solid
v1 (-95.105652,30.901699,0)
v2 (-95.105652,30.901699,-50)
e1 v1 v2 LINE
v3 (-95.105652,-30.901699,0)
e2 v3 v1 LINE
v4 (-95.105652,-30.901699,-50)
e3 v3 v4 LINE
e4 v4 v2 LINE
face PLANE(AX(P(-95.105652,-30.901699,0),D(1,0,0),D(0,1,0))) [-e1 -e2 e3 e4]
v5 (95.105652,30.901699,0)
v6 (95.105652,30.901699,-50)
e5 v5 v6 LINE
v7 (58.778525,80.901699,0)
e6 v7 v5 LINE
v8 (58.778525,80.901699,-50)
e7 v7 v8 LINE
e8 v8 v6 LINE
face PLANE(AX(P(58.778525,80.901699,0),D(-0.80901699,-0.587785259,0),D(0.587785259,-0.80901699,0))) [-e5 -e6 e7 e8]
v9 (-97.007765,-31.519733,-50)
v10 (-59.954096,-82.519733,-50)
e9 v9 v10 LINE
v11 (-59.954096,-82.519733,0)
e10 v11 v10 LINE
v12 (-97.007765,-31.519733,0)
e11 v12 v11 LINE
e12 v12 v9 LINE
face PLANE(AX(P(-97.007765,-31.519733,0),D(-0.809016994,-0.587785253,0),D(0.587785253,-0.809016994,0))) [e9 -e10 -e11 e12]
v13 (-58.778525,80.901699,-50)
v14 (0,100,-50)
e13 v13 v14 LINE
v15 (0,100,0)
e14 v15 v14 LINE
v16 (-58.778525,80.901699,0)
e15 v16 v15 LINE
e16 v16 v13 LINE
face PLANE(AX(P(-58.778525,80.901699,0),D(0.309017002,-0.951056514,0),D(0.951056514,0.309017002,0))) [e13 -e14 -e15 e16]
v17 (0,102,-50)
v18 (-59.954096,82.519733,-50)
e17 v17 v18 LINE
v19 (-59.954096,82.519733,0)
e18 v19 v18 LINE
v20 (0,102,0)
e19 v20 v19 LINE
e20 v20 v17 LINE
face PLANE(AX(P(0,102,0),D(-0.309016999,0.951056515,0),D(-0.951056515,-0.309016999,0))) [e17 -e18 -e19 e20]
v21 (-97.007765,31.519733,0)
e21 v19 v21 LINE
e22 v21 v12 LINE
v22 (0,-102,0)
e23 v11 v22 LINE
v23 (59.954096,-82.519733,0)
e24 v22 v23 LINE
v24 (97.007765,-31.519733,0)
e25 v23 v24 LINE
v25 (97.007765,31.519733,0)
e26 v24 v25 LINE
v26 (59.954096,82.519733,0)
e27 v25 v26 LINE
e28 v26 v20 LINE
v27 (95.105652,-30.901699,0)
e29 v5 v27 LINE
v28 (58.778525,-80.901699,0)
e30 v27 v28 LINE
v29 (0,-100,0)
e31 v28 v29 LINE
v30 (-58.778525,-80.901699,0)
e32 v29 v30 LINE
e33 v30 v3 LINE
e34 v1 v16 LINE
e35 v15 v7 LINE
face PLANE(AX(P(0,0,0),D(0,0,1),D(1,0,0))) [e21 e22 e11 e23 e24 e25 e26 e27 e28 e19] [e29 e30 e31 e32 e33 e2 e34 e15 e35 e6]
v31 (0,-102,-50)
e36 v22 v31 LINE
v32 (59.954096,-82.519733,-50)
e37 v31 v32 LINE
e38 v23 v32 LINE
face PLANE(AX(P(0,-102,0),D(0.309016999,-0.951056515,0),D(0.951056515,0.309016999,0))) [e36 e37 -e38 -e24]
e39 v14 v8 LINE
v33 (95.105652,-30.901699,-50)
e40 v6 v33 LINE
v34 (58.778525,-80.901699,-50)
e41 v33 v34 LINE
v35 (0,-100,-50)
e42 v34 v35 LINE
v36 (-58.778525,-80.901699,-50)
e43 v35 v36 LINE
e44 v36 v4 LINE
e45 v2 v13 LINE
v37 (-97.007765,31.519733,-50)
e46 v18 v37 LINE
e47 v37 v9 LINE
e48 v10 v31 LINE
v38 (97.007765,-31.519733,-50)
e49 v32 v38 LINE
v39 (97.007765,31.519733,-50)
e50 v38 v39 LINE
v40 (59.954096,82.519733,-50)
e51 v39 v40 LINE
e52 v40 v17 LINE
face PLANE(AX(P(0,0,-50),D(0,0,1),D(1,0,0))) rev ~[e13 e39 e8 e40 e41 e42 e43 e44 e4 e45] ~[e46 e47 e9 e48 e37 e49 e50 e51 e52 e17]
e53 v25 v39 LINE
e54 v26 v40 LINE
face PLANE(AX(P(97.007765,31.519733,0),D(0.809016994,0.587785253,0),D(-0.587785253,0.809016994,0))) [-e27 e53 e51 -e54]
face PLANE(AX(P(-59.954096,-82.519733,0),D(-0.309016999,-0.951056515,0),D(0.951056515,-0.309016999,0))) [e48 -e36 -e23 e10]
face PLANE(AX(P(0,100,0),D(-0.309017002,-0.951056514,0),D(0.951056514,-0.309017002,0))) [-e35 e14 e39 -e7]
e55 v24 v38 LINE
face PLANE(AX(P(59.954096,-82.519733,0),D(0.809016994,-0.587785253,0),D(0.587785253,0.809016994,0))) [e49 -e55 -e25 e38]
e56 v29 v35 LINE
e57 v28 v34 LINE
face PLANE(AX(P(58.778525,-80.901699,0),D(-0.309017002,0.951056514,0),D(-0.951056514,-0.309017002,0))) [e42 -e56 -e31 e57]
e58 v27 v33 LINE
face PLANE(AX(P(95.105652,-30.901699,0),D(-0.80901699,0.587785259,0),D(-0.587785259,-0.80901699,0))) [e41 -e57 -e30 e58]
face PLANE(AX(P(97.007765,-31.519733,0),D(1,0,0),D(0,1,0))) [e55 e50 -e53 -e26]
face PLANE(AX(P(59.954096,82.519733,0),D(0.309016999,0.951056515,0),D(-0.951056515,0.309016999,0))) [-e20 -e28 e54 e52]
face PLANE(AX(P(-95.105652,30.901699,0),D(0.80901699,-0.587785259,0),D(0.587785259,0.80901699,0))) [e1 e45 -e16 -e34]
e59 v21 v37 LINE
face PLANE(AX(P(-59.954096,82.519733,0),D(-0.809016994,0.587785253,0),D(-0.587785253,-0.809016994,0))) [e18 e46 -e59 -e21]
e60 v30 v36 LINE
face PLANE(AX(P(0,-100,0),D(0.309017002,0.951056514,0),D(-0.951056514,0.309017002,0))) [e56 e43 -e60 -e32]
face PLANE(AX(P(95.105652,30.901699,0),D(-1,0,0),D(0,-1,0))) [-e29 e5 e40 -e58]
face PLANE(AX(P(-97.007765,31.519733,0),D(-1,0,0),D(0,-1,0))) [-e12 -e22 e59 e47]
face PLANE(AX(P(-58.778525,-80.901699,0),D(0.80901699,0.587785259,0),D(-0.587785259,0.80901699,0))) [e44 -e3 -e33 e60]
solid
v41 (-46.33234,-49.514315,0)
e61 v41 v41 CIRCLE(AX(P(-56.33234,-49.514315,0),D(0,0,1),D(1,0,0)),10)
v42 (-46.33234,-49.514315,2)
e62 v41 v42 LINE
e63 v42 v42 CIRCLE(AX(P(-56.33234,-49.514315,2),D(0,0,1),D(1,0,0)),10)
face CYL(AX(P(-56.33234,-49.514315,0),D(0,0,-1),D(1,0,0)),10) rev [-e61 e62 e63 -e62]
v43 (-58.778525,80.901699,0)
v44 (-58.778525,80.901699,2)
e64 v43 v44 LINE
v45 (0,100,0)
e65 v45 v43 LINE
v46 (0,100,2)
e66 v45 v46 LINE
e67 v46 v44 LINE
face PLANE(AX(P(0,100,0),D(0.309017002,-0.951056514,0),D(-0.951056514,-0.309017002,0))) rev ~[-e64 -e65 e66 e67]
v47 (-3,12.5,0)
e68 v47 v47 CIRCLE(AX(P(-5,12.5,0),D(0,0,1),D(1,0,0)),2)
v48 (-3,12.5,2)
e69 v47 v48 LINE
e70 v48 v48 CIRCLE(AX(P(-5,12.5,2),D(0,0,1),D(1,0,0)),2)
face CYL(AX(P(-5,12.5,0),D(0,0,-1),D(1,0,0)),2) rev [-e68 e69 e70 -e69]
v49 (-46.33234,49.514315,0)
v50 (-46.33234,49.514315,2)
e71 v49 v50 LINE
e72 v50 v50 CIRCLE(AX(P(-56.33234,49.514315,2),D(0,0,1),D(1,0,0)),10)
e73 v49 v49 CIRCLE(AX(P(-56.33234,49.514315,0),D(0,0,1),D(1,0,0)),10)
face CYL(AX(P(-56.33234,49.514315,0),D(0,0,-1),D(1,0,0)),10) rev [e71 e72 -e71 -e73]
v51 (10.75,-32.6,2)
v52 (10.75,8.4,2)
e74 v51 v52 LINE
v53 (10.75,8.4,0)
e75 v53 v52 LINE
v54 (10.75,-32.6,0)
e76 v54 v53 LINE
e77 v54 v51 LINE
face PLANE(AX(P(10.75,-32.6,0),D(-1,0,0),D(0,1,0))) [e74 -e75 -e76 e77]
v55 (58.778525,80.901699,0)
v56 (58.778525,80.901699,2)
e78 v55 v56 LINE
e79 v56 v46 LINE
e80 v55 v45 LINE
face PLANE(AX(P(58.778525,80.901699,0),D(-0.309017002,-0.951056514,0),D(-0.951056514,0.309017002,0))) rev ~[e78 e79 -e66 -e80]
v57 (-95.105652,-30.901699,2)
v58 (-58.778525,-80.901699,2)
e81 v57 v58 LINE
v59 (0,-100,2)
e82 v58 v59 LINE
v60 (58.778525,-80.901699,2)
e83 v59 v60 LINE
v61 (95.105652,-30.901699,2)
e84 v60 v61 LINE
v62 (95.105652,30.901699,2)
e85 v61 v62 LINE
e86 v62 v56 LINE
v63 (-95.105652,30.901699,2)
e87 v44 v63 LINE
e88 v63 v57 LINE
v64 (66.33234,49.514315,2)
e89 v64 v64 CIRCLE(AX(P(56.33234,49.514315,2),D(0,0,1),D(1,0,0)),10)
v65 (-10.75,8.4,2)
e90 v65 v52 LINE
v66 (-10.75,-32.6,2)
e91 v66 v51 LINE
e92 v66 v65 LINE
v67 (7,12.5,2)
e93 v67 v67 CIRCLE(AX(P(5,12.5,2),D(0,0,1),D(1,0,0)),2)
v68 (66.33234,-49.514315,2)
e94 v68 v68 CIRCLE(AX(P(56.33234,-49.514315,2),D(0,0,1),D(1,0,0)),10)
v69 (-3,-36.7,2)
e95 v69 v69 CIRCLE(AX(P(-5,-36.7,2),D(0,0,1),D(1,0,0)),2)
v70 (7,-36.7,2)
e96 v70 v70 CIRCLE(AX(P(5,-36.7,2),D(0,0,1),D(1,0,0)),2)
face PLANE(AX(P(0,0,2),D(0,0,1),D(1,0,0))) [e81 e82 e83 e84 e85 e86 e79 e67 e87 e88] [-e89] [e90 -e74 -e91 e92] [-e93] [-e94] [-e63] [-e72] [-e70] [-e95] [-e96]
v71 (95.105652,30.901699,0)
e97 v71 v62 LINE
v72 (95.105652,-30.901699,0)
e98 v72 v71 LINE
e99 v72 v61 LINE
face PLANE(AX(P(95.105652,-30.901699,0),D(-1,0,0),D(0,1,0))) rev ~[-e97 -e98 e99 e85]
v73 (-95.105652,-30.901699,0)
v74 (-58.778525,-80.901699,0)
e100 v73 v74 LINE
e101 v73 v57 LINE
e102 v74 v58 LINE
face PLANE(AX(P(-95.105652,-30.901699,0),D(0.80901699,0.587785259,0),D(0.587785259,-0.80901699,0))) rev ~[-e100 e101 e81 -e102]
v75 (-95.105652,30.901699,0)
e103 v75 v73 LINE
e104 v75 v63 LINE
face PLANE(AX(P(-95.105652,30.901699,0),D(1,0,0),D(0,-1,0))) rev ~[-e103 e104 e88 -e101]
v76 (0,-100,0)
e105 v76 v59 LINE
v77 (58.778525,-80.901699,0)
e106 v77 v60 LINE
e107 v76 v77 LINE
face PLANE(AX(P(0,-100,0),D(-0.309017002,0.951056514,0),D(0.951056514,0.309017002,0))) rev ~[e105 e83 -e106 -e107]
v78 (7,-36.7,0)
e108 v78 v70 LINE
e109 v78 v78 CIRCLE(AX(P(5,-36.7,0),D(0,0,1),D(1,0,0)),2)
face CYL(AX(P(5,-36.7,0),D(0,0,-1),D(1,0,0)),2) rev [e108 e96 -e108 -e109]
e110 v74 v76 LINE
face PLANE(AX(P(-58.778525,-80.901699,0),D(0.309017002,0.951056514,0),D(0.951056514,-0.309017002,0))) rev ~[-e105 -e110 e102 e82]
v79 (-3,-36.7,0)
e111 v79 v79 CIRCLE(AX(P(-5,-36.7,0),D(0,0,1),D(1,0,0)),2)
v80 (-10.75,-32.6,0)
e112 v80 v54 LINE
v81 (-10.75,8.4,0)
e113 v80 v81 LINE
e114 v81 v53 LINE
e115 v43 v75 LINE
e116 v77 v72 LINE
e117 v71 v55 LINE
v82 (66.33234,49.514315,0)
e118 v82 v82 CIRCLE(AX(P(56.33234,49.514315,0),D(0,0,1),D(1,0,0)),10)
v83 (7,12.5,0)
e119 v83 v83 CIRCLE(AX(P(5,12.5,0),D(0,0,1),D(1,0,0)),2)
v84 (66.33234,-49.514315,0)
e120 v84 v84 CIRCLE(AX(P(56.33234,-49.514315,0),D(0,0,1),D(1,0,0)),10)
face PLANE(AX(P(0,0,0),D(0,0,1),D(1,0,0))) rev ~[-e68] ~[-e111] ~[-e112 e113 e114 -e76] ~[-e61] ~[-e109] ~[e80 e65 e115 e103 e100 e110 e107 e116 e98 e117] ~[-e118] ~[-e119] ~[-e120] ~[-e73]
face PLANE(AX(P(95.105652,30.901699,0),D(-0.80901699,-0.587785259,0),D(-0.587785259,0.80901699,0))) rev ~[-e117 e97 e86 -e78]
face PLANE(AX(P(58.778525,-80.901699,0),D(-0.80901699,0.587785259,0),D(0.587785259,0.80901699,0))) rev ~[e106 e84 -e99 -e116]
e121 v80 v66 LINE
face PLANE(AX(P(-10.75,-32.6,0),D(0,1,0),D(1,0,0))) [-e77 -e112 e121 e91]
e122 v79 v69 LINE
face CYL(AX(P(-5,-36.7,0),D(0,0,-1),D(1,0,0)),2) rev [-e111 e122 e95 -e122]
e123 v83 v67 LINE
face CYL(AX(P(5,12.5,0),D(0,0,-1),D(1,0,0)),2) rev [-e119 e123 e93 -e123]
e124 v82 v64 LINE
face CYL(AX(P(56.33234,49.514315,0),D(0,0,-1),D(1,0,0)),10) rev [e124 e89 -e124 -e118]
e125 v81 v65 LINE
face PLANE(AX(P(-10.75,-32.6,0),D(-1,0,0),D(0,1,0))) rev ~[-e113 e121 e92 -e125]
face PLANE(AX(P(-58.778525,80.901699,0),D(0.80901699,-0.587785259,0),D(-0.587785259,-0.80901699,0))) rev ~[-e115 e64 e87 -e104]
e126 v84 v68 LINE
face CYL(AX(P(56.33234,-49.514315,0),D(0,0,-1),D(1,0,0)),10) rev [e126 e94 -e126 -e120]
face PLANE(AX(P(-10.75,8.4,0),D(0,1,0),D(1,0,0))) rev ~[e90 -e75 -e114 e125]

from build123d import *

# Parameters (mm, degrees)
F0_R     = 10
F0_R_2   = 2
F0_W     = 21.5
F0_H     = 41
F1_DEPTH = 2
F2_DEPTH = 50


with BuildPart() as f1:
    # F0 (on Top) → F1 (new body)
    with BuildSketch(Plane.XY):
        Polygon((58.778525, 80.901699), (0, 100), (-58.778525, 80.901699), (-95.105652, 30.901699), (-95.105652, -30.901699), (-58.778525, -80.901699), (0, -100), (58.778525, -80.901699), (95.105652, -30.901699), (95.105652, 30.901699), align=None)
        with Locations((-56.33234, -49.514315)):
            Circle(F0_R, mode=Mode.SUBTRACT)
        with Locations((-5, -36.7)):
            Circle(F0_R_2, mode=Mode.SUBTRACT)
        with Locations((5, -36.7)):
            Circle(F0_R_2, mode=Mode.SUBTRACT)
        with Locations((0, -12.1)):
            Rectangle(F0_W, F0_H, mode=Mode.SUBTRACT)
        with Locations((56.33234, -49.514315)):
            Circle(F0_R, mode=Mode.SUBTRACT)
        with Locations((-56.33234, 49.514315)):
            Circle(F0_R, mode=Mode.SUBTRACT)
        with Locations((-5, 12.5)):
            Circle(F0_R_2, mode=Mode.SUBTRACT)
        with Locations((5, 12.5)):
            Circle(F0_R_2, mode=Mode.SUBTRACT)
        with Locations((56.33234, 49.514315)):
            Circle(F0_R, mode=Mode.SUBTRACT)
    extrude(amount=F1_DEPTH)


with BuildPart() as f2:
    # F0 (on Top) → F2 (new body)
    with BuildSketch(Plane.XY):
        Polygon((59.954096, 82.519733), (0, 102), (-59.954096, 82.519733), (-97.007765, 31.519733), (-97.007765, -31.519733), (-59.954096, -82.519733), (0, -102), (59.954096, -82.519733), (97.007765, -31.519733), (97.007765, 31.519733), align=None)
        Polygon((-58.778525, 80.901699), (0, 100), (58.778525, 80.901699), (95.105652, 30.901699), (95.105652, -30.901699), (58.778525, -80.901699), (0, -100), (-58.778525, -80.901699), (-95.105652, -30.901699), (-95.105652, 30.901699), align=None, mode=Mode.SUBTRACT)
    extrude(amount=-F2_DEPTH)


solid = Compound([f1.part, f2.part])
